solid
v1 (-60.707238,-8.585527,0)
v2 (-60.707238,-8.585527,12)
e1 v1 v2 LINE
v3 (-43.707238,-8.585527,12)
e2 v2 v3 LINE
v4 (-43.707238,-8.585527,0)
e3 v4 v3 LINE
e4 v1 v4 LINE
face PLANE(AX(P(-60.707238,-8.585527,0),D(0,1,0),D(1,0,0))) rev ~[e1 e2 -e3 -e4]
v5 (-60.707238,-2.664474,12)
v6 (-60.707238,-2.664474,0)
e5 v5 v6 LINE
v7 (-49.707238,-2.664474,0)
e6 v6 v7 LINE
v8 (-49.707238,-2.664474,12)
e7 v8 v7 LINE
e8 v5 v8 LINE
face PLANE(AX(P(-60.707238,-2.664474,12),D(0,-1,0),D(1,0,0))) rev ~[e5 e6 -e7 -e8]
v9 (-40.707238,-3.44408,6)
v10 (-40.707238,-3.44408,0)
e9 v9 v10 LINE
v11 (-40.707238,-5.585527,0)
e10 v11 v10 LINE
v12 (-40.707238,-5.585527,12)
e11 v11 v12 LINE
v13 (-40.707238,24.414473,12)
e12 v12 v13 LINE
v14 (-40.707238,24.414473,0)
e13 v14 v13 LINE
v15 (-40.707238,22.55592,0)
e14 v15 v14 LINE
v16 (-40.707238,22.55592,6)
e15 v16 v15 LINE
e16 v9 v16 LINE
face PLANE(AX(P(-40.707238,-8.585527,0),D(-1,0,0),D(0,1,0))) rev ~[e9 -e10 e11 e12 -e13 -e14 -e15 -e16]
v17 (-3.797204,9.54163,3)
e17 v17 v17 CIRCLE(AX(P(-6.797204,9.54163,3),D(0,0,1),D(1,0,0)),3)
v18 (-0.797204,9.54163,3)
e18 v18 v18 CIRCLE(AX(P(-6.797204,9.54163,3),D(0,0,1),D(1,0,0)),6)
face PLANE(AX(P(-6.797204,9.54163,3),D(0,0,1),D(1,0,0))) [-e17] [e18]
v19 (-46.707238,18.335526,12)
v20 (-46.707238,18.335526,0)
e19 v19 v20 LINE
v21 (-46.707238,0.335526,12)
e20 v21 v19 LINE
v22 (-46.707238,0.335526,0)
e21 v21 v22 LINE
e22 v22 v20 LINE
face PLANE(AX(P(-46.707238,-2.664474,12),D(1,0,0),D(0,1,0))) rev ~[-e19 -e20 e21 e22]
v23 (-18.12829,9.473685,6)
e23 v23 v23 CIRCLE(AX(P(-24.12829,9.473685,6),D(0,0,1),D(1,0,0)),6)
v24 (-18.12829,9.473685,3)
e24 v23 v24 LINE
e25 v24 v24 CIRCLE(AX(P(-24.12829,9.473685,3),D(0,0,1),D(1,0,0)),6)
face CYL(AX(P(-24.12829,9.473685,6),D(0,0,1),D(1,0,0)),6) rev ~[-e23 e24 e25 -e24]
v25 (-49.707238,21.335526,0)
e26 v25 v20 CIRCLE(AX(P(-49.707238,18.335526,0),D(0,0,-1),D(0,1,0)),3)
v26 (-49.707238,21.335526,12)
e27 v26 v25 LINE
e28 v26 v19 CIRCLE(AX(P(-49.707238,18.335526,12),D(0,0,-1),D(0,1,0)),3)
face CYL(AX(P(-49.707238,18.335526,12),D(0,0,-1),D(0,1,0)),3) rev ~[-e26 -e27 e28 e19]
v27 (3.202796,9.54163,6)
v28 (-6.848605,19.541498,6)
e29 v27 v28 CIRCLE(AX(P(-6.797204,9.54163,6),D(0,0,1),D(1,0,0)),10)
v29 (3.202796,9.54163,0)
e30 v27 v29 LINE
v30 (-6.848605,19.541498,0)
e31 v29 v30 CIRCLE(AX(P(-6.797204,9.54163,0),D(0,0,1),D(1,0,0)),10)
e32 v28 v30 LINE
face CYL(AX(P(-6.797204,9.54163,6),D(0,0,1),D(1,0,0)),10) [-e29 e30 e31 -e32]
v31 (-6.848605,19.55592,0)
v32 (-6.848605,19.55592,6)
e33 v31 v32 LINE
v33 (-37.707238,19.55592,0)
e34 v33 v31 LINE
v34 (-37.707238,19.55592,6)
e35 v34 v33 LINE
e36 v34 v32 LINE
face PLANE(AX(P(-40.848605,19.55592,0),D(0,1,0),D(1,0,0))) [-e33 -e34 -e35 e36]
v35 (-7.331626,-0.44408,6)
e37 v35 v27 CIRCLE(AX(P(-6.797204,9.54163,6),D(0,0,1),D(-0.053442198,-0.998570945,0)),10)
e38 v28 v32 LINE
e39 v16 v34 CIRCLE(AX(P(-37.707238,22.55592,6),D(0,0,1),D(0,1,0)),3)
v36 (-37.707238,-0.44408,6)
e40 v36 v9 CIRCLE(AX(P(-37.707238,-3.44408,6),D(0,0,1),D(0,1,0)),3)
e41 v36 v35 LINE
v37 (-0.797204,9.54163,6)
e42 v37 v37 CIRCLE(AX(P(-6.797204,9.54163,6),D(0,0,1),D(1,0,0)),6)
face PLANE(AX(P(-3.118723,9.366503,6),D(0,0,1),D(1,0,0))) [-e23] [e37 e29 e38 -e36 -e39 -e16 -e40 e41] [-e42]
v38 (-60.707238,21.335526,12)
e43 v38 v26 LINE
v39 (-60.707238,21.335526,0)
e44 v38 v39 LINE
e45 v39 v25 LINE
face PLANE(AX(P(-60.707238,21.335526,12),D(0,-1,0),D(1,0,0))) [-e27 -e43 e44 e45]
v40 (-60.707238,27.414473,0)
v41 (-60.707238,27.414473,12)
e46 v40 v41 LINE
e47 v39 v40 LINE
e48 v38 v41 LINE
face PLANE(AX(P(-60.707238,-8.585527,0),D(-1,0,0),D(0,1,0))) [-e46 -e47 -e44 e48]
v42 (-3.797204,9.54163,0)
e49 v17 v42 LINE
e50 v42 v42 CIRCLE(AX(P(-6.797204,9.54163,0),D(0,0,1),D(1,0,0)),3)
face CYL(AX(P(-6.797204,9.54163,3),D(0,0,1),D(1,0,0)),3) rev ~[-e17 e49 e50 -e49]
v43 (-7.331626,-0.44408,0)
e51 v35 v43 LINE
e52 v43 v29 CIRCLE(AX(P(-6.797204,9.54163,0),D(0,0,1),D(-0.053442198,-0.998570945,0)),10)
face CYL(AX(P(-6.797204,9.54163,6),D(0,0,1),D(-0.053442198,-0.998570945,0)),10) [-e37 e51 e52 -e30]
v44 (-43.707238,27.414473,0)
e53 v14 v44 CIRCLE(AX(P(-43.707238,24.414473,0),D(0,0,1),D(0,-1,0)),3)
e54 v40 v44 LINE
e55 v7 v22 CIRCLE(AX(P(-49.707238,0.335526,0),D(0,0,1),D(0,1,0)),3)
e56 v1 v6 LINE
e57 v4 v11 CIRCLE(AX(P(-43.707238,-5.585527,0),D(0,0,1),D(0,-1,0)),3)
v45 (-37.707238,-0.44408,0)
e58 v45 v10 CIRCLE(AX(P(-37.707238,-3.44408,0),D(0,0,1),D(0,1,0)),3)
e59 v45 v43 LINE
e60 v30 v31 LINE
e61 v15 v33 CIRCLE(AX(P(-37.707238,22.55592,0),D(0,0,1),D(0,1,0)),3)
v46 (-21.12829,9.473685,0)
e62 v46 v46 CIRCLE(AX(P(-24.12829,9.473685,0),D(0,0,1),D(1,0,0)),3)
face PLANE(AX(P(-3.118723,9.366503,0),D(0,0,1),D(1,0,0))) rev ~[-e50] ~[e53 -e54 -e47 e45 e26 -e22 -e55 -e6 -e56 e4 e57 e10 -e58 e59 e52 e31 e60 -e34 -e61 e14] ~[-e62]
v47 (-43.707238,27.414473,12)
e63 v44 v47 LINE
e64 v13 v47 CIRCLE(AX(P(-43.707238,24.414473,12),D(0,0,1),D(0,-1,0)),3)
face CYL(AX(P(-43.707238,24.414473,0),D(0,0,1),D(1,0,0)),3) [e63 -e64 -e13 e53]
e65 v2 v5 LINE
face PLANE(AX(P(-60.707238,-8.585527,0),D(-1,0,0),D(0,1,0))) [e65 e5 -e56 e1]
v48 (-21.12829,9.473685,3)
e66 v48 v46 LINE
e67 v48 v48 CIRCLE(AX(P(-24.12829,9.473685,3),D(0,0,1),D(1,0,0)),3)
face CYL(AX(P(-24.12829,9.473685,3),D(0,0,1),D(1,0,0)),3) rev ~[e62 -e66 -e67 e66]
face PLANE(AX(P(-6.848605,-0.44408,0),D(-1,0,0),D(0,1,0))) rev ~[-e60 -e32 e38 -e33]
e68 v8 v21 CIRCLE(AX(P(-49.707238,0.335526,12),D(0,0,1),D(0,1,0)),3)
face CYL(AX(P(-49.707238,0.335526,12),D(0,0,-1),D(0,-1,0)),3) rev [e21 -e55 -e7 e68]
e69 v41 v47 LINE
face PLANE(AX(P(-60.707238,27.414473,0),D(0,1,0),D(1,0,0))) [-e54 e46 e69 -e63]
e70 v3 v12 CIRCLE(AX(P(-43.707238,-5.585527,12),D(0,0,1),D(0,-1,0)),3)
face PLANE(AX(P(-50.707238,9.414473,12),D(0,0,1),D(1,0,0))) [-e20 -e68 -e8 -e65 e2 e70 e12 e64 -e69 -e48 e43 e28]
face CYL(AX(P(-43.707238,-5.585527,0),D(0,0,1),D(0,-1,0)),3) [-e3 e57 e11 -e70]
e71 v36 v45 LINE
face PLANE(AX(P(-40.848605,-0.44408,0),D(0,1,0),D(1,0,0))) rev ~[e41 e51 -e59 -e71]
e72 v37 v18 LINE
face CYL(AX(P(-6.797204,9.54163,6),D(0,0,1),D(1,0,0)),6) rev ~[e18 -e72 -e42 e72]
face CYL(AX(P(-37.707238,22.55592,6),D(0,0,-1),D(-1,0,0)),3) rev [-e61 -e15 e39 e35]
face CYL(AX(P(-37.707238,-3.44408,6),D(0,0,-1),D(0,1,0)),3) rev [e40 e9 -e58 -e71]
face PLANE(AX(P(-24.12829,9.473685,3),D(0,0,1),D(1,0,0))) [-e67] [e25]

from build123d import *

# Parameters (mm, degrees)
F0_W      = 20
F0_H      = 36
F1_DEPTH  = 12
F2_W      = 14
F2_H      = 24
F3_DEPTH  = 25
F4_R      = 3
F5_R      = 3
F6_W      = 34
F6_H      = 20
F7_DEPTH  = 6
F8_R      = 3
F9_R      = 3
F12_DEPTH = 6
F13_R     = 6
F14_DEPTH = 3
F15_R     = 6
F16_DEPTH = 3
F17_R     = 3
F18_DEPTH = 3
F19_R     = 3
F20_DEPTH = 3


with BuildPart() as f1:
    # F0 (on Top) → F1 (new body)
    with BuildSketch(Plane.XY):
        with Locations((-50.7072380185, 9.4144733921)):
            Rectangle(F0_W, F0_H)
    extrude(amount=F1_DEPTH)

    # F2 (on face) → F3 (cut)
    with BuildSketch(Plane.XY.offset(12)):
        with Locations((-53.7072380185, 9.3355261609)):
            Rectangle(F2_W, F2_H)
    extrude(amount=-F3_DEPTH, mode=Mode.SUBTRACT)

    # F4
    f4_edges = [f1.edges().sort_by_distance(p)[0] for p in [
        (-40.707238, -8.585527, 6),
    ]]
    fillet(f4_edges, radius=F4_R)

    # F5
    f5_edges = [f1.edges().sort_by_distance(p)[0] for p in [
        (-40.707238, 27.414473, 6),
        (-46.707238, -2.664474, 6),
        (-46.707238, 21.335526, 6),
    ]]
    fillet(f5_edges, radius=F5_R)

    # F6 (on Top) → F7 (join)
    with BuildSketch(Plane.XY):
        with Locations((-23.8486053348, 9.5559203671)):
            Rectangle(F6_W, F6_H)
    extrude(amount=F7_DEPTH)

    # F8
    f8_edges = [f1.edges().sort_by_distance(p)[0] for p in [
        (-40.707238, 19.55592, 3),
    ]]
    fillet(f8_edges, radius=F8_R)

    # F9
    f9_edges = [f1.edges().sort_by_distance(p)[0] for p in [
        (-40.707238, -0.44408, 3),
    ]]
    fillet(f9_edges, radius=F9_R)

    # F11 (on face) → F12 (join)
    with BuildSketch(Plane.XY.offset(6)):
        with BuildLine():
            ThreePointArc((-7.331625772, -0.4440796329), (0.0823230872, 2.2840744477), (3.2027962059, 9.5416298136))
            ThreePointArc((3.2027962059, 9.5416298136), (0.2556674153, 16.630847521), (-6.8486053348, 19.5414977068))
            Line((-6.8486053348, 19.5414977068), (-6.8486053348, 9.5559203671))
            Line((-6.8486053348, 9.5559203671), (-6.8486053348, -0.4440796329))
            Line((-6.8486053348, -0.4440796329), (-7.331625772, -0.4440796329))
        make_face()
    extrude(amount=-F12_DEPTH)

    # F13 (on face) → F14 (cut)
    with BuildSketch(Plane.XY.offset(6)):
        with Locations((-6.7972037941, 9.5416298136)):
            Circle(F13_R)
    extrude(amount=-F14_DEPTH, mode=Mode.SUBTRACT)

    # F15 (on face) → F16 (cut)
    with BuildSketch(Plane.XY.offset(6)):
        with Locations((-24.1282898933, 9.4736851752)):
            Circle(F15_R)
    extrude(amount=-F16_DEPTH, mode=Mode.SUBTRACT)

    # F17 (on face) → F18 (cut)
    with BuildSketch(Plane.XY.offset(3)):
        with Locations((-24.1282898933, 9.4736851752)):
            Circle(F17_R)
    extrude(amount=-F18_DEPTH, mode=Mode.SUBTRACT)

    # F19 (on face) → F20 (cut)
    with BuildSketch(Plane.XY.offset(3)):
        with Locations((-6.7972037941, 9.5416298136)):
            Circle(F19_R)
    extrude(amount=-F20_DEPTH, mode=Mode.SUBTRACT)


solid = f1.part
